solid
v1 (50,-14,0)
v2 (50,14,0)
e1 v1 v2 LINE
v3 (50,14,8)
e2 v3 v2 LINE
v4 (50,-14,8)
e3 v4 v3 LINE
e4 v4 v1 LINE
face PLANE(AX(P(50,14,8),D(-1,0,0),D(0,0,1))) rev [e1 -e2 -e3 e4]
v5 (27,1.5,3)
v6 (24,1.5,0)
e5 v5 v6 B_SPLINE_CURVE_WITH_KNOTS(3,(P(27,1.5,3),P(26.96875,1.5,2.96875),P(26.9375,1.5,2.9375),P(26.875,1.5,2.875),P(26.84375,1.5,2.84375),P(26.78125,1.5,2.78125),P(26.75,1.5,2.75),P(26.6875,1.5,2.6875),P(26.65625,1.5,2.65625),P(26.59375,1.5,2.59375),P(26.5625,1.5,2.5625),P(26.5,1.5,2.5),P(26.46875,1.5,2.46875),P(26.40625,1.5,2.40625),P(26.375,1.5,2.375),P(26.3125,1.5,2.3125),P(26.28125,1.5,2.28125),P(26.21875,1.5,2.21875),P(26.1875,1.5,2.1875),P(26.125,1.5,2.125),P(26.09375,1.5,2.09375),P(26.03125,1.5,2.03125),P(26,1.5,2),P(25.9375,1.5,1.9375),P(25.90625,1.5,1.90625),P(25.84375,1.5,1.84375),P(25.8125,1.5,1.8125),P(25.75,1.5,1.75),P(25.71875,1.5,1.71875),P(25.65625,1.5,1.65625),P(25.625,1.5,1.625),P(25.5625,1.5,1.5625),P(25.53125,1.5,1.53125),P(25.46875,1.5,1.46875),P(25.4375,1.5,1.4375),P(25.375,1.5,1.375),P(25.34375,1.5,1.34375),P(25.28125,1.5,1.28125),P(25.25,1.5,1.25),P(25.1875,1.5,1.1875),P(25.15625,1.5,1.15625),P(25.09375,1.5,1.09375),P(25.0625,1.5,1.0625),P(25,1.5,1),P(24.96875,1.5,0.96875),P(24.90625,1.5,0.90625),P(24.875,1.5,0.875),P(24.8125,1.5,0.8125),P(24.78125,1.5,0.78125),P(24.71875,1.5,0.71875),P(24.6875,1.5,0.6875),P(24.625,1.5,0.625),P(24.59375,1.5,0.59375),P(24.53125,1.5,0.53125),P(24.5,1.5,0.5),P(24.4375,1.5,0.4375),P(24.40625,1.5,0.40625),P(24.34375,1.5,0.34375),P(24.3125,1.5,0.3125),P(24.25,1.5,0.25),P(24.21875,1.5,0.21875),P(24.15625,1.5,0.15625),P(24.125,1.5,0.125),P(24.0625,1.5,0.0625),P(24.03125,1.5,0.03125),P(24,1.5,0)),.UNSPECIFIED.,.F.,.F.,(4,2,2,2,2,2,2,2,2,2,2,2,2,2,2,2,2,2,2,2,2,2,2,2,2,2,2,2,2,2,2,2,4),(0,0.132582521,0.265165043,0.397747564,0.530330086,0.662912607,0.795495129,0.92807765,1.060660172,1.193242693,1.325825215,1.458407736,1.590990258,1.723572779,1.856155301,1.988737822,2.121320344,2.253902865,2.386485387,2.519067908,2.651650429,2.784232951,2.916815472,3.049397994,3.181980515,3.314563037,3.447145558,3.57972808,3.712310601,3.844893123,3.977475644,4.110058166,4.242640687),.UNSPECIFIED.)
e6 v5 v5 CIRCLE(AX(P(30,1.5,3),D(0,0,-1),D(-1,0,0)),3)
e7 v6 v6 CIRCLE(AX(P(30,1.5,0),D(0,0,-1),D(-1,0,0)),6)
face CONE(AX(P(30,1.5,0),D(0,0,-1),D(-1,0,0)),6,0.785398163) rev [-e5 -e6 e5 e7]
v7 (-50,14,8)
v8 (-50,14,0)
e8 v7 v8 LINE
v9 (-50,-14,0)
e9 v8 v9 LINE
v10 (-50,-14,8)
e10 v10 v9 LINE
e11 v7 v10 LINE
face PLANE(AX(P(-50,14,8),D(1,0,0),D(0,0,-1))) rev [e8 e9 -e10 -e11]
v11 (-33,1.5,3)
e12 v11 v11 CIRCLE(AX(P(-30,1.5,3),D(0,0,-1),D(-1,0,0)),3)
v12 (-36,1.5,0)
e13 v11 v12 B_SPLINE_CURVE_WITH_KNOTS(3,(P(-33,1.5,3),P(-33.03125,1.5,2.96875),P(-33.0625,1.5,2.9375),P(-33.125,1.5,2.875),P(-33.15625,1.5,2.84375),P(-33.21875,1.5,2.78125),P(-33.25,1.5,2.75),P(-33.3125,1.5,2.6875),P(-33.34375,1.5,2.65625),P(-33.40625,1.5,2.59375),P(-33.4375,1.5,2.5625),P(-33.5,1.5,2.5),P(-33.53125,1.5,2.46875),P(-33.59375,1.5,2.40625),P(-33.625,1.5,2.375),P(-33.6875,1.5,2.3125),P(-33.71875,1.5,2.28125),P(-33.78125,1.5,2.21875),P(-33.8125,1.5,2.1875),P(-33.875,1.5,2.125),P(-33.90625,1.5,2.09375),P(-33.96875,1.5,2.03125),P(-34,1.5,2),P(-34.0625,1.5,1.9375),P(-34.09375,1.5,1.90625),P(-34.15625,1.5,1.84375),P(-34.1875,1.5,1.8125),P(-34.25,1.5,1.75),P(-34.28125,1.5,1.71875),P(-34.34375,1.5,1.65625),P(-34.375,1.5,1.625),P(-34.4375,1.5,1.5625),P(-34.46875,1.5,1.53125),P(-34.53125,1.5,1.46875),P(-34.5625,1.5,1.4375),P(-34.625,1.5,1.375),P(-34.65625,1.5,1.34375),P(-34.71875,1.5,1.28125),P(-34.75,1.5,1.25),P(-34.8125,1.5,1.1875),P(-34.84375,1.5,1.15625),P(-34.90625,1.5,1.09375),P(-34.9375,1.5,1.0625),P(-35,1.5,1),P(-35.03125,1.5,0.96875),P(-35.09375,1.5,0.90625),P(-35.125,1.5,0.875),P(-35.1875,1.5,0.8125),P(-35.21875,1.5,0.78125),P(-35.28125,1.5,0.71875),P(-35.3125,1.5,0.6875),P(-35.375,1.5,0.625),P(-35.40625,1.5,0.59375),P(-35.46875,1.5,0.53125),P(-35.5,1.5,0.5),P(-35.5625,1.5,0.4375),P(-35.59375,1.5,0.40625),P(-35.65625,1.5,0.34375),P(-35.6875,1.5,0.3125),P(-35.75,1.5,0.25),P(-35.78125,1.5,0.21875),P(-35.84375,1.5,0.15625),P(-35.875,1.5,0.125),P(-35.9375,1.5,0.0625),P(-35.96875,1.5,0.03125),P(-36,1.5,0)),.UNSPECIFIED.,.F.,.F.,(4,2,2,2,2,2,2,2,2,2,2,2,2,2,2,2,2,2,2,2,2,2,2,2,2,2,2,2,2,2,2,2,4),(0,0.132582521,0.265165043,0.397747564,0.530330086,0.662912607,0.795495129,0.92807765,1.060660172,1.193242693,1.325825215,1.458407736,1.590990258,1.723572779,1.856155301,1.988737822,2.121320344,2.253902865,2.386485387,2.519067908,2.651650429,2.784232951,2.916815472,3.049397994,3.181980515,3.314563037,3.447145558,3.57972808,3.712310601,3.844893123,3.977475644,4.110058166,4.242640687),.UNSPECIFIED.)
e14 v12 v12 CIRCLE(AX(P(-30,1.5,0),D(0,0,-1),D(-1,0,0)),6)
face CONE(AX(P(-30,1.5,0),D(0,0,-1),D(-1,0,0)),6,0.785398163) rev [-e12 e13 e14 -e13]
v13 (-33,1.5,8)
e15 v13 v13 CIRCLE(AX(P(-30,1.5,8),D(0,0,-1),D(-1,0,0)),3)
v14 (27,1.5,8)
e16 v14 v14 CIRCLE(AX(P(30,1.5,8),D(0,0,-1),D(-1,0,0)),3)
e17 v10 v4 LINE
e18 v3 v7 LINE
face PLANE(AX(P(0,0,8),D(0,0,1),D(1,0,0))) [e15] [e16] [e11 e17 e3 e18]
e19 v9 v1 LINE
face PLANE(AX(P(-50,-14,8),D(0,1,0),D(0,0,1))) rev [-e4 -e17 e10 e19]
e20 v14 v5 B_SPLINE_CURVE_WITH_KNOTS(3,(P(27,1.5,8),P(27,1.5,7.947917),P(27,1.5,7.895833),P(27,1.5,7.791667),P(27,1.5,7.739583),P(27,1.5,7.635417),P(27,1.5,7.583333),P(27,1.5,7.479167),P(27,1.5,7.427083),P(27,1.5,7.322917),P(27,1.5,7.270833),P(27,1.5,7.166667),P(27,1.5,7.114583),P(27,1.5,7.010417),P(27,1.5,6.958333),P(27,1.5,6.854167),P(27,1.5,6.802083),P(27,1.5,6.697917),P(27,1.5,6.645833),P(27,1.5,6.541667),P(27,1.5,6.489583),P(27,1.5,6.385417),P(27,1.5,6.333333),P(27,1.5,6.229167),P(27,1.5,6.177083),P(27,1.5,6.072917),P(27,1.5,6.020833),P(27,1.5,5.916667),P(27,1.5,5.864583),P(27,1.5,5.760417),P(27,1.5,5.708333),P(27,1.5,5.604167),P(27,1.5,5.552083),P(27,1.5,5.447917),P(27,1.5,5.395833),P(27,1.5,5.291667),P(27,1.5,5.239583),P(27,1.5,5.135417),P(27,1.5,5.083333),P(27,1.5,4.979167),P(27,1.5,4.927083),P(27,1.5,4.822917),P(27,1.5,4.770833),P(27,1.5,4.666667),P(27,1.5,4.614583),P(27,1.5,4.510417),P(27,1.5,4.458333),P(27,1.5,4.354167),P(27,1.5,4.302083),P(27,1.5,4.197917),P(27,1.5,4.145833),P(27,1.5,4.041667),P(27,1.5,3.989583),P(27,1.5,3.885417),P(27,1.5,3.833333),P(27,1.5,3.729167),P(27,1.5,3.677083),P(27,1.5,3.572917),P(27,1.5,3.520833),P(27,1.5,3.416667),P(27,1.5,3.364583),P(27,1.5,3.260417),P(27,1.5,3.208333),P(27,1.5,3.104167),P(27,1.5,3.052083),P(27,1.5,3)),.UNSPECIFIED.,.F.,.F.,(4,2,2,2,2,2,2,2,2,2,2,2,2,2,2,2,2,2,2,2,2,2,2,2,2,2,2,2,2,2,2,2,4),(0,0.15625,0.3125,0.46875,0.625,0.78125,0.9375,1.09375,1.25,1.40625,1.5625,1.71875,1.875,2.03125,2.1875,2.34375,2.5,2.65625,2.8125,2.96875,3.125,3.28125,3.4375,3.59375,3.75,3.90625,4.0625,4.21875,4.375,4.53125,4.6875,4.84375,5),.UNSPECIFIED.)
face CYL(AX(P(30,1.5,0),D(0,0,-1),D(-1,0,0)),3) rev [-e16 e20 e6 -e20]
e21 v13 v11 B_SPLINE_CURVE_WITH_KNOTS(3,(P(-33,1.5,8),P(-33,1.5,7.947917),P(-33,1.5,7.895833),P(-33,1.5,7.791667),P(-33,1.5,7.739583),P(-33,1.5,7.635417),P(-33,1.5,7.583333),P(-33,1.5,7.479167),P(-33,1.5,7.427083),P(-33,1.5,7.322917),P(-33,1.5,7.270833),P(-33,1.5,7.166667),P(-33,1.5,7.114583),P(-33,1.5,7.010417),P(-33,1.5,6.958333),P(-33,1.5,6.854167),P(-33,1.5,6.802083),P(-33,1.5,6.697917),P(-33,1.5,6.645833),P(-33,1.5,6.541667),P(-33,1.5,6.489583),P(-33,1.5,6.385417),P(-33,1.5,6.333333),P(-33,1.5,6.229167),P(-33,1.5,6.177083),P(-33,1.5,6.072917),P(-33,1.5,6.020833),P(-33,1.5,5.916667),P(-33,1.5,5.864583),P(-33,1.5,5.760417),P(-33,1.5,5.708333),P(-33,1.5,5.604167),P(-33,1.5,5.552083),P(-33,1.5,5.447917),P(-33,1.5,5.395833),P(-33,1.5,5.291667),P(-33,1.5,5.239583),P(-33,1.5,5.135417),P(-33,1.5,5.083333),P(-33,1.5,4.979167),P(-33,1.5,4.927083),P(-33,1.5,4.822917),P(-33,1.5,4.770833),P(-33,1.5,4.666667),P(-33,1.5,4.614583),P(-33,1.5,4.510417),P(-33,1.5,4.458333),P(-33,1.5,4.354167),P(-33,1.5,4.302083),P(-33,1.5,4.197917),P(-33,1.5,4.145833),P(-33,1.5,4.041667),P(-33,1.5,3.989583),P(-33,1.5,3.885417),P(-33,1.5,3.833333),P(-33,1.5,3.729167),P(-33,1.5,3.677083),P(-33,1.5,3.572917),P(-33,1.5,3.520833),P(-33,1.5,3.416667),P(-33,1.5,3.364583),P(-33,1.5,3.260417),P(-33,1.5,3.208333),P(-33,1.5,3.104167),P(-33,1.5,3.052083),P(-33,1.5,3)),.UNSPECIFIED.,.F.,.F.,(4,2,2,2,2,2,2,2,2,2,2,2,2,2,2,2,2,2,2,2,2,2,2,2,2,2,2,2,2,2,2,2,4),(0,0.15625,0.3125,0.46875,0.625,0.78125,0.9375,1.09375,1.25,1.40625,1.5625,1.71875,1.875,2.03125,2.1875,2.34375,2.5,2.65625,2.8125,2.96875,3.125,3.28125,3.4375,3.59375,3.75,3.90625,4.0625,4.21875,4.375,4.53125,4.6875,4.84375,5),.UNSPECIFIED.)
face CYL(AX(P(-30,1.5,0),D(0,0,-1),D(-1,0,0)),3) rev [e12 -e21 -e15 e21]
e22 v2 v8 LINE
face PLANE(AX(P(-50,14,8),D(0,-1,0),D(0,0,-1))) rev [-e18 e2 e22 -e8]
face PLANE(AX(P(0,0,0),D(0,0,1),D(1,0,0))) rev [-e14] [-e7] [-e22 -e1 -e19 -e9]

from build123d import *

# Parameters (mm, degrees)
SKETCH1_W                                           = 100
SKETCH1_H                                           = 28
BOSS_EXTRUDE1_DEPTH                                 = 8
CSK_FOR_M6_COUNTERSUNK_FLAT_HEAD_SCREW1_D           = 6
CSK_FOR_M6_COUNTERSUNK_FLAT_HEAD_SCREW1_CSINK_D     = 12
CSK_FOR_M6_COUNTERSUNK_FLAT_HEAD_SCREW1_CSINK_ANGLE = 90


with BuildPart() as part:
    # Sketch1 → Boss-Extrude1 (new body)
    with BuildSketch(Plane.XY):
        Rectangle(SKETCH1_W, SKETCH1_H)
    extrude(amount=BOSS_EXTRUDE1_DEPTH)

    # CSK for M6 Countersunk Flat Head Screw1 (through all)
    with Locations(Plane(origin=(0, 0, 0), x_dir=(-1, 0, 0), z_dir=(0, 0, -1))):
        with Locations((30, 1.5), (-30, 1.5)):
            CounterSinkHole(CSK_FOR_M6_COUNTERSUNK_FLAT_HEAD_SCREW1_D / 2, CSK_FOR_M6_COUNTERSUNK_FLAT_HEAD_SCREW1_CSINK_D / 2, counter_sink_angle=CSK_FOR_M6_COUNTERSUNK_FLAT_HEAD_SCREW1_CSINK_ANGLE)


solid = part.part
